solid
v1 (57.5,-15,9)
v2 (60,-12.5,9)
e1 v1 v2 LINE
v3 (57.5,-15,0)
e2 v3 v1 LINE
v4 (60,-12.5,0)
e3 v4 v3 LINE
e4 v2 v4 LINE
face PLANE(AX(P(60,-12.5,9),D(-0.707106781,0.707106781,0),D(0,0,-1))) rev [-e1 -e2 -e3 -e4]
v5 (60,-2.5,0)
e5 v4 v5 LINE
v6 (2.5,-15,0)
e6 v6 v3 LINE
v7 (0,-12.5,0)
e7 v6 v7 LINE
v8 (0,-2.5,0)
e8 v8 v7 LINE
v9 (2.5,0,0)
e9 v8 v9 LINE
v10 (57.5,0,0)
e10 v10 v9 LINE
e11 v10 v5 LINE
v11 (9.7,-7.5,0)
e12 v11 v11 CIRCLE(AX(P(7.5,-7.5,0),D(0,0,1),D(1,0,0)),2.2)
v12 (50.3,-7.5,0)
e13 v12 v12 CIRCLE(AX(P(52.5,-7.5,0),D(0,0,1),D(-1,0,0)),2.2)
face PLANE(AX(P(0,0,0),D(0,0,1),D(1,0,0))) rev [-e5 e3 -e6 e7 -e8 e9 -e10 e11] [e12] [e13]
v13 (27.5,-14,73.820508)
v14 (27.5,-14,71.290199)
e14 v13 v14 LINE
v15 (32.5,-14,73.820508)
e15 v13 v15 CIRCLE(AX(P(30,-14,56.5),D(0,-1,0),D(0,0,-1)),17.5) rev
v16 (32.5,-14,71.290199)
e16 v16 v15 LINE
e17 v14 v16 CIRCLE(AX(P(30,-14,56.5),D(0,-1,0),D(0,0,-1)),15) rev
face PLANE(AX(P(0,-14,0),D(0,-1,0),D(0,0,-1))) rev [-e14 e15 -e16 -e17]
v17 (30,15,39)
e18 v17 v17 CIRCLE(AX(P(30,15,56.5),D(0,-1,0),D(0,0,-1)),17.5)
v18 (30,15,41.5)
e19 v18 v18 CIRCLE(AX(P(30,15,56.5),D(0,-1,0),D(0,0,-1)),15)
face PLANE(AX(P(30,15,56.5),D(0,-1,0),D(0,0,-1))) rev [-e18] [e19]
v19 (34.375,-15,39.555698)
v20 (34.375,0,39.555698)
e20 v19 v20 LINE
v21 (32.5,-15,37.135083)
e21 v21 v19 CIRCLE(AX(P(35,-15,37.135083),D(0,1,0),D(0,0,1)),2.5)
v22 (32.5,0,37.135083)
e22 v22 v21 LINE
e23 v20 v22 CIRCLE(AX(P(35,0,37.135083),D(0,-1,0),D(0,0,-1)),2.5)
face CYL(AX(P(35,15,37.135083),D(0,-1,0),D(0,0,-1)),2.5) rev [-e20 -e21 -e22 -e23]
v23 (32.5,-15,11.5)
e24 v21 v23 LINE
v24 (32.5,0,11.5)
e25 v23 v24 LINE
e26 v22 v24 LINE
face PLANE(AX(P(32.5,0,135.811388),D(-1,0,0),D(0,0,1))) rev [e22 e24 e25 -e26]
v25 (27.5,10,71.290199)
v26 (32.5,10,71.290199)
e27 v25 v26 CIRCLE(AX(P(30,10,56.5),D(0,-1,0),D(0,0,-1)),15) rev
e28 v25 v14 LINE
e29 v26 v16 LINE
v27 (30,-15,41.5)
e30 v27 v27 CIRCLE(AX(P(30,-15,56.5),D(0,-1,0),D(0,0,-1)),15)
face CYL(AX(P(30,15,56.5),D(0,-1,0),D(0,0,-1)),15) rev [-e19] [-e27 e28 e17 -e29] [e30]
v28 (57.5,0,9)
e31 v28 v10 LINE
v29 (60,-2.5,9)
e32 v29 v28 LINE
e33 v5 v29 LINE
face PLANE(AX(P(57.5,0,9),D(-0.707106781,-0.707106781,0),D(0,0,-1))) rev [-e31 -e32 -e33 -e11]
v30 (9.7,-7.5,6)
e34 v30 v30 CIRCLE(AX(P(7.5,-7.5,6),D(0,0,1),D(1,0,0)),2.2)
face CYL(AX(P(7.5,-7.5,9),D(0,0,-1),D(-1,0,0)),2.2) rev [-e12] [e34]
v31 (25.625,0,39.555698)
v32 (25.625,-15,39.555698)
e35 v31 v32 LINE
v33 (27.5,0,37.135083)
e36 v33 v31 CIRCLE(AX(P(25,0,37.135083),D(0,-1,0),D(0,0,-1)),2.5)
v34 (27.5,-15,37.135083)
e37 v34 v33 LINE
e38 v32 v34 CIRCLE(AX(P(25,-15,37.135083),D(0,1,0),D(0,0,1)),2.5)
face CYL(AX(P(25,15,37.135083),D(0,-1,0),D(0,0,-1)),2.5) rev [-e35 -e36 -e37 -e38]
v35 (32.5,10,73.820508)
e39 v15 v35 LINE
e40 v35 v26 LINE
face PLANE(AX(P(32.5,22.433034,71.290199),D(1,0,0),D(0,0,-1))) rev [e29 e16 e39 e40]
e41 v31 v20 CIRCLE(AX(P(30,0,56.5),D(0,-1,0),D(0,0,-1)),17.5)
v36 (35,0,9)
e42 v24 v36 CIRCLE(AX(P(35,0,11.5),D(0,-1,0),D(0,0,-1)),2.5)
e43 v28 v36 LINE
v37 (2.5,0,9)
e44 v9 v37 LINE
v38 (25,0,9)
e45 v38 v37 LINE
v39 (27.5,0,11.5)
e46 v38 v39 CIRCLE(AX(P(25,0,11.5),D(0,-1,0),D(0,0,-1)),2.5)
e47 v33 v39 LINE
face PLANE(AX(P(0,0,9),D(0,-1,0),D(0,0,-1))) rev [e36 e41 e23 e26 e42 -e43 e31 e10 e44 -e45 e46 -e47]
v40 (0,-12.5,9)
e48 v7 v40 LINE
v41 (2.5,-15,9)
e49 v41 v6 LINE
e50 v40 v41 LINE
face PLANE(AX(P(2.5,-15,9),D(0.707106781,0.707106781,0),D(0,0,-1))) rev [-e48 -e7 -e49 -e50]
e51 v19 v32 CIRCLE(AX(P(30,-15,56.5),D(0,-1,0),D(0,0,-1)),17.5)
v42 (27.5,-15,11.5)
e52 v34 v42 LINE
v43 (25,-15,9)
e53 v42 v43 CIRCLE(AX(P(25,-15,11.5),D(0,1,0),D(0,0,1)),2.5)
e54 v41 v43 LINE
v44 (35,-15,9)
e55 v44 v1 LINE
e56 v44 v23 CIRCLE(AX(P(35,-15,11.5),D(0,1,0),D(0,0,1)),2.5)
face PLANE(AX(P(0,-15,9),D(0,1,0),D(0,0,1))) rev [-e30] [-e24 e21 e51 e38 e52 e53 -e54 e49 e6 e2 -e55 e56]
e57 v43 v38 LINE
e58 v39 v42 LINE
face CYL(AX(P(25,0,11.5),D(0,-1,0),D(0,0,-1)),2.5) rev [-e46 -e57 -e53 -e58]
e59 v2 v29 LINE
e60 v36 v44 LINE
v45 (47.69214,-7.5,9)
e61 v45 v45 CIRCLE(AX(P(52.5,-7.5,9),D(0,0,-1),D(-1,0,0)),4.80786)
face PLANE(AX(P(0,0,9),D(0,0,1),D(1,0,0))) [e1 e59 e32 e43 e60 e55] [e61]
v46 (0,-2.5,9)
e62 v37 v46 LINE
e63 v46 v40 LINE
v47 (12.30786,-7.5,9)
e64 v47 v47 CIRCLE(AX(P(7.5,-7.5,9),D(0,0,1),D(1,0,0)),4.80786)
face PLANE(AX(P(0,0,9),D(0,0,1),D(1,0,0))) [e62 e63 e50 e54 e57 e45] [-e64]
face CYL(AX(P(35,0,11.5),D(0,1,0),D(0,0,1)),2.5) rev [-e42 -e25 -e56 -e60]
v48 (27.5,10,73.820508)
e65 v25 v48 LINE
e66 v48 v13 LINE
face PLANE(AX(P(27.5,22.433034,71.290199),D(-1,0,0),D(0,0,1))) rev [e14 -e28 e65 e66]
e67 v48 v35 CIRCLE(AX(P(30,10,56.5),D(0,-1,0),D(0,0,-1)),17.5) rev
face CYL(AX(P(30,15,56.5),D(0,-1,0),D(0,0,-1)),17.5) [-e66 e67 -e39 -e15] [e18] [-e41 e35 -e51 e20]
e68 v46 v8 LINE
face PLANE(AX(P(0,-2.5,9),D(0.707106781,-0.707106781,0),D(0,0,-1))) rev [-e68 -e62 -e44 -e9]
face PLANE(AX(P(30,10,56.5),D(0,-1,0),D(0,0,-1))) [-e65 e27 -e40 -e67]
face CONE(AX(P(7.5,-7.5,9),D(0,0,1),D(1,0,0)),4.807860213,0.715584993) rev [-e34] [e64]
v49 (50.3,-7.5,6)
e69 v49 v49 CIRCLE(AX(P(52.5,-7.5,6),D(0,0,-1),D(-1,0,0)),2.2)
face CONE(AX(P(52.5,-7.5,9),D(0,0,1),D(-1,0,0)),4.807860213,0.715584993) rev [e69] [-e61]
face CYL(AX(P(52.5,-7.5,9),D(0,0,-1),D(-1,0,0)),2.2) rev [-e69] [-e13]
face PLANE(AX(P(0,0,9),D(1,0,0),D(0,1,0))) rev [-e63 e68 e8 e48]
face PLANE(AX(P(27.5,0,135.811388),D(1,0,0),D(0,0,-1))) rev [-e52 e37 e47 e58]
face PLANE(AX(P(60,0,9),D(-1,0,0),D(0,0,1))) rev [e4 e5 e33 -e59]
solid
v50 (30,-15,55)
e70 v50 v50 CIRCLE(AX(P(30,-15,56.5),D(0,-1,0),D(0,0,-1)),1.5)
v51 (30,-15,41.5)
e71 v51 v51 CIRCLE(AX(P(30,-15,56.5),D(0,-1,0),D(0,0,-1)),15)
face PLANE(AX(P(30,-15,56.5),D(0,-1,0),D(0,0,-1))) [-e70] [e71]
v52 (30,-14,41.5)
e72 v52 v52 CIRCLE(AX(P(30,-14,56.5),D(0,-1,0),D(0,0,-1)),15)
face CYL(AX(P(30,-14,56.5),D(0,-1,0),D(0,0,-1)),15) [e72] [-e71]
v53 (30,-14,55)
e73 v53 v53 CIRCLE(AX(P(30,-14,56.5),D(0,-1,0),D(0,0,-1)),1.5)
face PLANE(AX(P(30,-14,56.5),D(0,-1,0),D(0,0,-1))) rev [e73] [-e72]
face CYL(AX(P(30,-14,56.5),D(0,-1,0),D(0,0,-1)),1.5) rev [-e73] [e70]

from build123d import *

# Parameters (mm, degrees)
SKETCH1_W           = 60
SKETCH1_H           = 15
SKETCH1_R           = 2.2
BOSS_EXTRUDE1_DEPTH = 9
SKETCH4_W           = 5
SKETCH4_H           = 15
BOSS_EXTRUDE2_DEPTH = 51
SKETCH5_R           = 17.5
BOSS_EXTRUDE3_DEPTH = 30
SKETCH6_R           = 15
CUT_EXTRUDE1_DEPTH  = 100.879927913
FILLET1_R           = 2.5
CHAMFER1_SIZE       = 2.5
SKETCH7_R           = 15
SKETCH7_R_2         = 1.5
BOSS_EXTRUDE4_DEPTH = 1
SKETCH8_W           = 5
SKETCH8_H           = 5.5
CUT_EXTRUDE2_DEPTH  = 24


with BuildPart() as part:
    # Sketch1 → Boss-Extrude1 (new body)
    with BuildSketch(Plane.XY):
        with Locations((30, -7.5)):
            Rectangle(SKETCH1_W, SKETCH1_H)
        with Locations((7.5, -7.5)):
            Circle(SKETCH1_R, mode=Mode.SUBTRACT)
        with Locations(Location((52.5, -7.5, 0), (0, 0, 180))):
            Circle(SKETCH1_R, mode=Mode.SUBTRACT)
    extrude(amount=BOSS_EXTRUDE1_DEPTH)

    # Sketch3 → Cut-Revolve1 (revolve, cut)
    with BuildSketch(Plane(origin=(7.5, 0, 0), x_dir=(0, 0, -1), z_dir=(1, 0, 0)), mode=Mode.PRIVATE) as cut_revolve1_sk:
        Polygon((-9, -7.5), (-6, -7.5), (-6, -9.7), (-9, -12.307860213), align=None)
    cut_revolve1 = revolve(cut_revolve1_sk.sketch.rotate(Axis((7.5, -7.5, 9), (0, 0, -1)), 270), axis=Axis((7.5, -7.5, 9), (0, 0, -1)), mode=Mode.SUBTRACT)

    # Mirror1: Cut-Revolve1 across plane
    add(cut_revolve1.mirror(Plane(origin=(30, 0, 0), x_dir=(0, 0, 1), z_dir=(1, 0, 0))), mode=Mode.SUBTRACT)

    # Sketch4 → Boss-Extrude2 (add)
    with BuildSketch(Plane.XY.offset(9)):
        with Locations((30, -7.5)):
            Rectangle(SKETCH4_W, SKETCH4_H)
    extrude(amount=BOSS_EXTRUDE2_DEPTH)

    # Sketch5 → Boss-Extrude3 (add)
    with BuildSketch(Plane.XZ.offset(15)):
        with Locations(Location((30, 56.5, 0), (0, 0, 270))):
            Circle(SKETCH5_R)
    extrude(amount=-BOSS_EXTRUDE3_DEPTH)

    # Sketch6 → Cut-Extrude1 (cut, through all)
    with BuildSketch(Plane.XZ.offset(15)):
        with Locations(Location((30, 56.5, 0), (0, 0, 270))):
            Circle(SKETCH6_R)
    extrude(amount=-CUT_EXTRUDE1_DEPTH, mode=Mode.SUBTRACT)

    # Fillet1
    fillet1_edges = [part.edges().sort_by_distance(p)[0] for p in [
        (32.5, -7.5, 9),
        (27.5, -7.5, 9),
        (27.5, -7.5, 39.179491924),
        (32.5, -7.5, 39.179491924),
    ]]
    fillet(fillet1_edges, radius=FILLET1_R)

    # Chamfer1
    chamfer1_edges = [part.edges().sort_by_distance(p)[0] for p in [
        (0, 0, 4.5),
        (60, 0, 4.5),
        (60, -15, 4.5),
        (0, -15, 4.5),
    ]]
    chamfer(chamfer1_edges, length=CHAMFER1_SIZE)

    # Sketch8 → Cut-Extrude2 (cut)
    with BuildSketch(Plane.XZ.offset(14)):
        with Locations((30, 74.040199458)):
            Rectangle(SKETCH8_W, SKETCH8_H)
    extrude(amount=-CUT_EXTRUDE2_DEPTH, mode=Mode.SUBTRACT)


with BuildPart() as body_2:
    # Sketch7 → Boss-Extrude4 (new body)
    with BuildSketch(Plane.XZ.offset(15)):
        with Locations(Location((30, 56.5, 0), (0, 0, 270))):
            Circle(SKETCH7_R)
        with Locations(Location((30, 56.5, 0), (0, 0, 270))):
            Circle(SKETCH7_R_2, mode=Mode.SUBTRACT)
    extrude(amount=-BOSS_EXTRUDE4_DEPTH)


solid = Compound([part.part, body_2.part])
